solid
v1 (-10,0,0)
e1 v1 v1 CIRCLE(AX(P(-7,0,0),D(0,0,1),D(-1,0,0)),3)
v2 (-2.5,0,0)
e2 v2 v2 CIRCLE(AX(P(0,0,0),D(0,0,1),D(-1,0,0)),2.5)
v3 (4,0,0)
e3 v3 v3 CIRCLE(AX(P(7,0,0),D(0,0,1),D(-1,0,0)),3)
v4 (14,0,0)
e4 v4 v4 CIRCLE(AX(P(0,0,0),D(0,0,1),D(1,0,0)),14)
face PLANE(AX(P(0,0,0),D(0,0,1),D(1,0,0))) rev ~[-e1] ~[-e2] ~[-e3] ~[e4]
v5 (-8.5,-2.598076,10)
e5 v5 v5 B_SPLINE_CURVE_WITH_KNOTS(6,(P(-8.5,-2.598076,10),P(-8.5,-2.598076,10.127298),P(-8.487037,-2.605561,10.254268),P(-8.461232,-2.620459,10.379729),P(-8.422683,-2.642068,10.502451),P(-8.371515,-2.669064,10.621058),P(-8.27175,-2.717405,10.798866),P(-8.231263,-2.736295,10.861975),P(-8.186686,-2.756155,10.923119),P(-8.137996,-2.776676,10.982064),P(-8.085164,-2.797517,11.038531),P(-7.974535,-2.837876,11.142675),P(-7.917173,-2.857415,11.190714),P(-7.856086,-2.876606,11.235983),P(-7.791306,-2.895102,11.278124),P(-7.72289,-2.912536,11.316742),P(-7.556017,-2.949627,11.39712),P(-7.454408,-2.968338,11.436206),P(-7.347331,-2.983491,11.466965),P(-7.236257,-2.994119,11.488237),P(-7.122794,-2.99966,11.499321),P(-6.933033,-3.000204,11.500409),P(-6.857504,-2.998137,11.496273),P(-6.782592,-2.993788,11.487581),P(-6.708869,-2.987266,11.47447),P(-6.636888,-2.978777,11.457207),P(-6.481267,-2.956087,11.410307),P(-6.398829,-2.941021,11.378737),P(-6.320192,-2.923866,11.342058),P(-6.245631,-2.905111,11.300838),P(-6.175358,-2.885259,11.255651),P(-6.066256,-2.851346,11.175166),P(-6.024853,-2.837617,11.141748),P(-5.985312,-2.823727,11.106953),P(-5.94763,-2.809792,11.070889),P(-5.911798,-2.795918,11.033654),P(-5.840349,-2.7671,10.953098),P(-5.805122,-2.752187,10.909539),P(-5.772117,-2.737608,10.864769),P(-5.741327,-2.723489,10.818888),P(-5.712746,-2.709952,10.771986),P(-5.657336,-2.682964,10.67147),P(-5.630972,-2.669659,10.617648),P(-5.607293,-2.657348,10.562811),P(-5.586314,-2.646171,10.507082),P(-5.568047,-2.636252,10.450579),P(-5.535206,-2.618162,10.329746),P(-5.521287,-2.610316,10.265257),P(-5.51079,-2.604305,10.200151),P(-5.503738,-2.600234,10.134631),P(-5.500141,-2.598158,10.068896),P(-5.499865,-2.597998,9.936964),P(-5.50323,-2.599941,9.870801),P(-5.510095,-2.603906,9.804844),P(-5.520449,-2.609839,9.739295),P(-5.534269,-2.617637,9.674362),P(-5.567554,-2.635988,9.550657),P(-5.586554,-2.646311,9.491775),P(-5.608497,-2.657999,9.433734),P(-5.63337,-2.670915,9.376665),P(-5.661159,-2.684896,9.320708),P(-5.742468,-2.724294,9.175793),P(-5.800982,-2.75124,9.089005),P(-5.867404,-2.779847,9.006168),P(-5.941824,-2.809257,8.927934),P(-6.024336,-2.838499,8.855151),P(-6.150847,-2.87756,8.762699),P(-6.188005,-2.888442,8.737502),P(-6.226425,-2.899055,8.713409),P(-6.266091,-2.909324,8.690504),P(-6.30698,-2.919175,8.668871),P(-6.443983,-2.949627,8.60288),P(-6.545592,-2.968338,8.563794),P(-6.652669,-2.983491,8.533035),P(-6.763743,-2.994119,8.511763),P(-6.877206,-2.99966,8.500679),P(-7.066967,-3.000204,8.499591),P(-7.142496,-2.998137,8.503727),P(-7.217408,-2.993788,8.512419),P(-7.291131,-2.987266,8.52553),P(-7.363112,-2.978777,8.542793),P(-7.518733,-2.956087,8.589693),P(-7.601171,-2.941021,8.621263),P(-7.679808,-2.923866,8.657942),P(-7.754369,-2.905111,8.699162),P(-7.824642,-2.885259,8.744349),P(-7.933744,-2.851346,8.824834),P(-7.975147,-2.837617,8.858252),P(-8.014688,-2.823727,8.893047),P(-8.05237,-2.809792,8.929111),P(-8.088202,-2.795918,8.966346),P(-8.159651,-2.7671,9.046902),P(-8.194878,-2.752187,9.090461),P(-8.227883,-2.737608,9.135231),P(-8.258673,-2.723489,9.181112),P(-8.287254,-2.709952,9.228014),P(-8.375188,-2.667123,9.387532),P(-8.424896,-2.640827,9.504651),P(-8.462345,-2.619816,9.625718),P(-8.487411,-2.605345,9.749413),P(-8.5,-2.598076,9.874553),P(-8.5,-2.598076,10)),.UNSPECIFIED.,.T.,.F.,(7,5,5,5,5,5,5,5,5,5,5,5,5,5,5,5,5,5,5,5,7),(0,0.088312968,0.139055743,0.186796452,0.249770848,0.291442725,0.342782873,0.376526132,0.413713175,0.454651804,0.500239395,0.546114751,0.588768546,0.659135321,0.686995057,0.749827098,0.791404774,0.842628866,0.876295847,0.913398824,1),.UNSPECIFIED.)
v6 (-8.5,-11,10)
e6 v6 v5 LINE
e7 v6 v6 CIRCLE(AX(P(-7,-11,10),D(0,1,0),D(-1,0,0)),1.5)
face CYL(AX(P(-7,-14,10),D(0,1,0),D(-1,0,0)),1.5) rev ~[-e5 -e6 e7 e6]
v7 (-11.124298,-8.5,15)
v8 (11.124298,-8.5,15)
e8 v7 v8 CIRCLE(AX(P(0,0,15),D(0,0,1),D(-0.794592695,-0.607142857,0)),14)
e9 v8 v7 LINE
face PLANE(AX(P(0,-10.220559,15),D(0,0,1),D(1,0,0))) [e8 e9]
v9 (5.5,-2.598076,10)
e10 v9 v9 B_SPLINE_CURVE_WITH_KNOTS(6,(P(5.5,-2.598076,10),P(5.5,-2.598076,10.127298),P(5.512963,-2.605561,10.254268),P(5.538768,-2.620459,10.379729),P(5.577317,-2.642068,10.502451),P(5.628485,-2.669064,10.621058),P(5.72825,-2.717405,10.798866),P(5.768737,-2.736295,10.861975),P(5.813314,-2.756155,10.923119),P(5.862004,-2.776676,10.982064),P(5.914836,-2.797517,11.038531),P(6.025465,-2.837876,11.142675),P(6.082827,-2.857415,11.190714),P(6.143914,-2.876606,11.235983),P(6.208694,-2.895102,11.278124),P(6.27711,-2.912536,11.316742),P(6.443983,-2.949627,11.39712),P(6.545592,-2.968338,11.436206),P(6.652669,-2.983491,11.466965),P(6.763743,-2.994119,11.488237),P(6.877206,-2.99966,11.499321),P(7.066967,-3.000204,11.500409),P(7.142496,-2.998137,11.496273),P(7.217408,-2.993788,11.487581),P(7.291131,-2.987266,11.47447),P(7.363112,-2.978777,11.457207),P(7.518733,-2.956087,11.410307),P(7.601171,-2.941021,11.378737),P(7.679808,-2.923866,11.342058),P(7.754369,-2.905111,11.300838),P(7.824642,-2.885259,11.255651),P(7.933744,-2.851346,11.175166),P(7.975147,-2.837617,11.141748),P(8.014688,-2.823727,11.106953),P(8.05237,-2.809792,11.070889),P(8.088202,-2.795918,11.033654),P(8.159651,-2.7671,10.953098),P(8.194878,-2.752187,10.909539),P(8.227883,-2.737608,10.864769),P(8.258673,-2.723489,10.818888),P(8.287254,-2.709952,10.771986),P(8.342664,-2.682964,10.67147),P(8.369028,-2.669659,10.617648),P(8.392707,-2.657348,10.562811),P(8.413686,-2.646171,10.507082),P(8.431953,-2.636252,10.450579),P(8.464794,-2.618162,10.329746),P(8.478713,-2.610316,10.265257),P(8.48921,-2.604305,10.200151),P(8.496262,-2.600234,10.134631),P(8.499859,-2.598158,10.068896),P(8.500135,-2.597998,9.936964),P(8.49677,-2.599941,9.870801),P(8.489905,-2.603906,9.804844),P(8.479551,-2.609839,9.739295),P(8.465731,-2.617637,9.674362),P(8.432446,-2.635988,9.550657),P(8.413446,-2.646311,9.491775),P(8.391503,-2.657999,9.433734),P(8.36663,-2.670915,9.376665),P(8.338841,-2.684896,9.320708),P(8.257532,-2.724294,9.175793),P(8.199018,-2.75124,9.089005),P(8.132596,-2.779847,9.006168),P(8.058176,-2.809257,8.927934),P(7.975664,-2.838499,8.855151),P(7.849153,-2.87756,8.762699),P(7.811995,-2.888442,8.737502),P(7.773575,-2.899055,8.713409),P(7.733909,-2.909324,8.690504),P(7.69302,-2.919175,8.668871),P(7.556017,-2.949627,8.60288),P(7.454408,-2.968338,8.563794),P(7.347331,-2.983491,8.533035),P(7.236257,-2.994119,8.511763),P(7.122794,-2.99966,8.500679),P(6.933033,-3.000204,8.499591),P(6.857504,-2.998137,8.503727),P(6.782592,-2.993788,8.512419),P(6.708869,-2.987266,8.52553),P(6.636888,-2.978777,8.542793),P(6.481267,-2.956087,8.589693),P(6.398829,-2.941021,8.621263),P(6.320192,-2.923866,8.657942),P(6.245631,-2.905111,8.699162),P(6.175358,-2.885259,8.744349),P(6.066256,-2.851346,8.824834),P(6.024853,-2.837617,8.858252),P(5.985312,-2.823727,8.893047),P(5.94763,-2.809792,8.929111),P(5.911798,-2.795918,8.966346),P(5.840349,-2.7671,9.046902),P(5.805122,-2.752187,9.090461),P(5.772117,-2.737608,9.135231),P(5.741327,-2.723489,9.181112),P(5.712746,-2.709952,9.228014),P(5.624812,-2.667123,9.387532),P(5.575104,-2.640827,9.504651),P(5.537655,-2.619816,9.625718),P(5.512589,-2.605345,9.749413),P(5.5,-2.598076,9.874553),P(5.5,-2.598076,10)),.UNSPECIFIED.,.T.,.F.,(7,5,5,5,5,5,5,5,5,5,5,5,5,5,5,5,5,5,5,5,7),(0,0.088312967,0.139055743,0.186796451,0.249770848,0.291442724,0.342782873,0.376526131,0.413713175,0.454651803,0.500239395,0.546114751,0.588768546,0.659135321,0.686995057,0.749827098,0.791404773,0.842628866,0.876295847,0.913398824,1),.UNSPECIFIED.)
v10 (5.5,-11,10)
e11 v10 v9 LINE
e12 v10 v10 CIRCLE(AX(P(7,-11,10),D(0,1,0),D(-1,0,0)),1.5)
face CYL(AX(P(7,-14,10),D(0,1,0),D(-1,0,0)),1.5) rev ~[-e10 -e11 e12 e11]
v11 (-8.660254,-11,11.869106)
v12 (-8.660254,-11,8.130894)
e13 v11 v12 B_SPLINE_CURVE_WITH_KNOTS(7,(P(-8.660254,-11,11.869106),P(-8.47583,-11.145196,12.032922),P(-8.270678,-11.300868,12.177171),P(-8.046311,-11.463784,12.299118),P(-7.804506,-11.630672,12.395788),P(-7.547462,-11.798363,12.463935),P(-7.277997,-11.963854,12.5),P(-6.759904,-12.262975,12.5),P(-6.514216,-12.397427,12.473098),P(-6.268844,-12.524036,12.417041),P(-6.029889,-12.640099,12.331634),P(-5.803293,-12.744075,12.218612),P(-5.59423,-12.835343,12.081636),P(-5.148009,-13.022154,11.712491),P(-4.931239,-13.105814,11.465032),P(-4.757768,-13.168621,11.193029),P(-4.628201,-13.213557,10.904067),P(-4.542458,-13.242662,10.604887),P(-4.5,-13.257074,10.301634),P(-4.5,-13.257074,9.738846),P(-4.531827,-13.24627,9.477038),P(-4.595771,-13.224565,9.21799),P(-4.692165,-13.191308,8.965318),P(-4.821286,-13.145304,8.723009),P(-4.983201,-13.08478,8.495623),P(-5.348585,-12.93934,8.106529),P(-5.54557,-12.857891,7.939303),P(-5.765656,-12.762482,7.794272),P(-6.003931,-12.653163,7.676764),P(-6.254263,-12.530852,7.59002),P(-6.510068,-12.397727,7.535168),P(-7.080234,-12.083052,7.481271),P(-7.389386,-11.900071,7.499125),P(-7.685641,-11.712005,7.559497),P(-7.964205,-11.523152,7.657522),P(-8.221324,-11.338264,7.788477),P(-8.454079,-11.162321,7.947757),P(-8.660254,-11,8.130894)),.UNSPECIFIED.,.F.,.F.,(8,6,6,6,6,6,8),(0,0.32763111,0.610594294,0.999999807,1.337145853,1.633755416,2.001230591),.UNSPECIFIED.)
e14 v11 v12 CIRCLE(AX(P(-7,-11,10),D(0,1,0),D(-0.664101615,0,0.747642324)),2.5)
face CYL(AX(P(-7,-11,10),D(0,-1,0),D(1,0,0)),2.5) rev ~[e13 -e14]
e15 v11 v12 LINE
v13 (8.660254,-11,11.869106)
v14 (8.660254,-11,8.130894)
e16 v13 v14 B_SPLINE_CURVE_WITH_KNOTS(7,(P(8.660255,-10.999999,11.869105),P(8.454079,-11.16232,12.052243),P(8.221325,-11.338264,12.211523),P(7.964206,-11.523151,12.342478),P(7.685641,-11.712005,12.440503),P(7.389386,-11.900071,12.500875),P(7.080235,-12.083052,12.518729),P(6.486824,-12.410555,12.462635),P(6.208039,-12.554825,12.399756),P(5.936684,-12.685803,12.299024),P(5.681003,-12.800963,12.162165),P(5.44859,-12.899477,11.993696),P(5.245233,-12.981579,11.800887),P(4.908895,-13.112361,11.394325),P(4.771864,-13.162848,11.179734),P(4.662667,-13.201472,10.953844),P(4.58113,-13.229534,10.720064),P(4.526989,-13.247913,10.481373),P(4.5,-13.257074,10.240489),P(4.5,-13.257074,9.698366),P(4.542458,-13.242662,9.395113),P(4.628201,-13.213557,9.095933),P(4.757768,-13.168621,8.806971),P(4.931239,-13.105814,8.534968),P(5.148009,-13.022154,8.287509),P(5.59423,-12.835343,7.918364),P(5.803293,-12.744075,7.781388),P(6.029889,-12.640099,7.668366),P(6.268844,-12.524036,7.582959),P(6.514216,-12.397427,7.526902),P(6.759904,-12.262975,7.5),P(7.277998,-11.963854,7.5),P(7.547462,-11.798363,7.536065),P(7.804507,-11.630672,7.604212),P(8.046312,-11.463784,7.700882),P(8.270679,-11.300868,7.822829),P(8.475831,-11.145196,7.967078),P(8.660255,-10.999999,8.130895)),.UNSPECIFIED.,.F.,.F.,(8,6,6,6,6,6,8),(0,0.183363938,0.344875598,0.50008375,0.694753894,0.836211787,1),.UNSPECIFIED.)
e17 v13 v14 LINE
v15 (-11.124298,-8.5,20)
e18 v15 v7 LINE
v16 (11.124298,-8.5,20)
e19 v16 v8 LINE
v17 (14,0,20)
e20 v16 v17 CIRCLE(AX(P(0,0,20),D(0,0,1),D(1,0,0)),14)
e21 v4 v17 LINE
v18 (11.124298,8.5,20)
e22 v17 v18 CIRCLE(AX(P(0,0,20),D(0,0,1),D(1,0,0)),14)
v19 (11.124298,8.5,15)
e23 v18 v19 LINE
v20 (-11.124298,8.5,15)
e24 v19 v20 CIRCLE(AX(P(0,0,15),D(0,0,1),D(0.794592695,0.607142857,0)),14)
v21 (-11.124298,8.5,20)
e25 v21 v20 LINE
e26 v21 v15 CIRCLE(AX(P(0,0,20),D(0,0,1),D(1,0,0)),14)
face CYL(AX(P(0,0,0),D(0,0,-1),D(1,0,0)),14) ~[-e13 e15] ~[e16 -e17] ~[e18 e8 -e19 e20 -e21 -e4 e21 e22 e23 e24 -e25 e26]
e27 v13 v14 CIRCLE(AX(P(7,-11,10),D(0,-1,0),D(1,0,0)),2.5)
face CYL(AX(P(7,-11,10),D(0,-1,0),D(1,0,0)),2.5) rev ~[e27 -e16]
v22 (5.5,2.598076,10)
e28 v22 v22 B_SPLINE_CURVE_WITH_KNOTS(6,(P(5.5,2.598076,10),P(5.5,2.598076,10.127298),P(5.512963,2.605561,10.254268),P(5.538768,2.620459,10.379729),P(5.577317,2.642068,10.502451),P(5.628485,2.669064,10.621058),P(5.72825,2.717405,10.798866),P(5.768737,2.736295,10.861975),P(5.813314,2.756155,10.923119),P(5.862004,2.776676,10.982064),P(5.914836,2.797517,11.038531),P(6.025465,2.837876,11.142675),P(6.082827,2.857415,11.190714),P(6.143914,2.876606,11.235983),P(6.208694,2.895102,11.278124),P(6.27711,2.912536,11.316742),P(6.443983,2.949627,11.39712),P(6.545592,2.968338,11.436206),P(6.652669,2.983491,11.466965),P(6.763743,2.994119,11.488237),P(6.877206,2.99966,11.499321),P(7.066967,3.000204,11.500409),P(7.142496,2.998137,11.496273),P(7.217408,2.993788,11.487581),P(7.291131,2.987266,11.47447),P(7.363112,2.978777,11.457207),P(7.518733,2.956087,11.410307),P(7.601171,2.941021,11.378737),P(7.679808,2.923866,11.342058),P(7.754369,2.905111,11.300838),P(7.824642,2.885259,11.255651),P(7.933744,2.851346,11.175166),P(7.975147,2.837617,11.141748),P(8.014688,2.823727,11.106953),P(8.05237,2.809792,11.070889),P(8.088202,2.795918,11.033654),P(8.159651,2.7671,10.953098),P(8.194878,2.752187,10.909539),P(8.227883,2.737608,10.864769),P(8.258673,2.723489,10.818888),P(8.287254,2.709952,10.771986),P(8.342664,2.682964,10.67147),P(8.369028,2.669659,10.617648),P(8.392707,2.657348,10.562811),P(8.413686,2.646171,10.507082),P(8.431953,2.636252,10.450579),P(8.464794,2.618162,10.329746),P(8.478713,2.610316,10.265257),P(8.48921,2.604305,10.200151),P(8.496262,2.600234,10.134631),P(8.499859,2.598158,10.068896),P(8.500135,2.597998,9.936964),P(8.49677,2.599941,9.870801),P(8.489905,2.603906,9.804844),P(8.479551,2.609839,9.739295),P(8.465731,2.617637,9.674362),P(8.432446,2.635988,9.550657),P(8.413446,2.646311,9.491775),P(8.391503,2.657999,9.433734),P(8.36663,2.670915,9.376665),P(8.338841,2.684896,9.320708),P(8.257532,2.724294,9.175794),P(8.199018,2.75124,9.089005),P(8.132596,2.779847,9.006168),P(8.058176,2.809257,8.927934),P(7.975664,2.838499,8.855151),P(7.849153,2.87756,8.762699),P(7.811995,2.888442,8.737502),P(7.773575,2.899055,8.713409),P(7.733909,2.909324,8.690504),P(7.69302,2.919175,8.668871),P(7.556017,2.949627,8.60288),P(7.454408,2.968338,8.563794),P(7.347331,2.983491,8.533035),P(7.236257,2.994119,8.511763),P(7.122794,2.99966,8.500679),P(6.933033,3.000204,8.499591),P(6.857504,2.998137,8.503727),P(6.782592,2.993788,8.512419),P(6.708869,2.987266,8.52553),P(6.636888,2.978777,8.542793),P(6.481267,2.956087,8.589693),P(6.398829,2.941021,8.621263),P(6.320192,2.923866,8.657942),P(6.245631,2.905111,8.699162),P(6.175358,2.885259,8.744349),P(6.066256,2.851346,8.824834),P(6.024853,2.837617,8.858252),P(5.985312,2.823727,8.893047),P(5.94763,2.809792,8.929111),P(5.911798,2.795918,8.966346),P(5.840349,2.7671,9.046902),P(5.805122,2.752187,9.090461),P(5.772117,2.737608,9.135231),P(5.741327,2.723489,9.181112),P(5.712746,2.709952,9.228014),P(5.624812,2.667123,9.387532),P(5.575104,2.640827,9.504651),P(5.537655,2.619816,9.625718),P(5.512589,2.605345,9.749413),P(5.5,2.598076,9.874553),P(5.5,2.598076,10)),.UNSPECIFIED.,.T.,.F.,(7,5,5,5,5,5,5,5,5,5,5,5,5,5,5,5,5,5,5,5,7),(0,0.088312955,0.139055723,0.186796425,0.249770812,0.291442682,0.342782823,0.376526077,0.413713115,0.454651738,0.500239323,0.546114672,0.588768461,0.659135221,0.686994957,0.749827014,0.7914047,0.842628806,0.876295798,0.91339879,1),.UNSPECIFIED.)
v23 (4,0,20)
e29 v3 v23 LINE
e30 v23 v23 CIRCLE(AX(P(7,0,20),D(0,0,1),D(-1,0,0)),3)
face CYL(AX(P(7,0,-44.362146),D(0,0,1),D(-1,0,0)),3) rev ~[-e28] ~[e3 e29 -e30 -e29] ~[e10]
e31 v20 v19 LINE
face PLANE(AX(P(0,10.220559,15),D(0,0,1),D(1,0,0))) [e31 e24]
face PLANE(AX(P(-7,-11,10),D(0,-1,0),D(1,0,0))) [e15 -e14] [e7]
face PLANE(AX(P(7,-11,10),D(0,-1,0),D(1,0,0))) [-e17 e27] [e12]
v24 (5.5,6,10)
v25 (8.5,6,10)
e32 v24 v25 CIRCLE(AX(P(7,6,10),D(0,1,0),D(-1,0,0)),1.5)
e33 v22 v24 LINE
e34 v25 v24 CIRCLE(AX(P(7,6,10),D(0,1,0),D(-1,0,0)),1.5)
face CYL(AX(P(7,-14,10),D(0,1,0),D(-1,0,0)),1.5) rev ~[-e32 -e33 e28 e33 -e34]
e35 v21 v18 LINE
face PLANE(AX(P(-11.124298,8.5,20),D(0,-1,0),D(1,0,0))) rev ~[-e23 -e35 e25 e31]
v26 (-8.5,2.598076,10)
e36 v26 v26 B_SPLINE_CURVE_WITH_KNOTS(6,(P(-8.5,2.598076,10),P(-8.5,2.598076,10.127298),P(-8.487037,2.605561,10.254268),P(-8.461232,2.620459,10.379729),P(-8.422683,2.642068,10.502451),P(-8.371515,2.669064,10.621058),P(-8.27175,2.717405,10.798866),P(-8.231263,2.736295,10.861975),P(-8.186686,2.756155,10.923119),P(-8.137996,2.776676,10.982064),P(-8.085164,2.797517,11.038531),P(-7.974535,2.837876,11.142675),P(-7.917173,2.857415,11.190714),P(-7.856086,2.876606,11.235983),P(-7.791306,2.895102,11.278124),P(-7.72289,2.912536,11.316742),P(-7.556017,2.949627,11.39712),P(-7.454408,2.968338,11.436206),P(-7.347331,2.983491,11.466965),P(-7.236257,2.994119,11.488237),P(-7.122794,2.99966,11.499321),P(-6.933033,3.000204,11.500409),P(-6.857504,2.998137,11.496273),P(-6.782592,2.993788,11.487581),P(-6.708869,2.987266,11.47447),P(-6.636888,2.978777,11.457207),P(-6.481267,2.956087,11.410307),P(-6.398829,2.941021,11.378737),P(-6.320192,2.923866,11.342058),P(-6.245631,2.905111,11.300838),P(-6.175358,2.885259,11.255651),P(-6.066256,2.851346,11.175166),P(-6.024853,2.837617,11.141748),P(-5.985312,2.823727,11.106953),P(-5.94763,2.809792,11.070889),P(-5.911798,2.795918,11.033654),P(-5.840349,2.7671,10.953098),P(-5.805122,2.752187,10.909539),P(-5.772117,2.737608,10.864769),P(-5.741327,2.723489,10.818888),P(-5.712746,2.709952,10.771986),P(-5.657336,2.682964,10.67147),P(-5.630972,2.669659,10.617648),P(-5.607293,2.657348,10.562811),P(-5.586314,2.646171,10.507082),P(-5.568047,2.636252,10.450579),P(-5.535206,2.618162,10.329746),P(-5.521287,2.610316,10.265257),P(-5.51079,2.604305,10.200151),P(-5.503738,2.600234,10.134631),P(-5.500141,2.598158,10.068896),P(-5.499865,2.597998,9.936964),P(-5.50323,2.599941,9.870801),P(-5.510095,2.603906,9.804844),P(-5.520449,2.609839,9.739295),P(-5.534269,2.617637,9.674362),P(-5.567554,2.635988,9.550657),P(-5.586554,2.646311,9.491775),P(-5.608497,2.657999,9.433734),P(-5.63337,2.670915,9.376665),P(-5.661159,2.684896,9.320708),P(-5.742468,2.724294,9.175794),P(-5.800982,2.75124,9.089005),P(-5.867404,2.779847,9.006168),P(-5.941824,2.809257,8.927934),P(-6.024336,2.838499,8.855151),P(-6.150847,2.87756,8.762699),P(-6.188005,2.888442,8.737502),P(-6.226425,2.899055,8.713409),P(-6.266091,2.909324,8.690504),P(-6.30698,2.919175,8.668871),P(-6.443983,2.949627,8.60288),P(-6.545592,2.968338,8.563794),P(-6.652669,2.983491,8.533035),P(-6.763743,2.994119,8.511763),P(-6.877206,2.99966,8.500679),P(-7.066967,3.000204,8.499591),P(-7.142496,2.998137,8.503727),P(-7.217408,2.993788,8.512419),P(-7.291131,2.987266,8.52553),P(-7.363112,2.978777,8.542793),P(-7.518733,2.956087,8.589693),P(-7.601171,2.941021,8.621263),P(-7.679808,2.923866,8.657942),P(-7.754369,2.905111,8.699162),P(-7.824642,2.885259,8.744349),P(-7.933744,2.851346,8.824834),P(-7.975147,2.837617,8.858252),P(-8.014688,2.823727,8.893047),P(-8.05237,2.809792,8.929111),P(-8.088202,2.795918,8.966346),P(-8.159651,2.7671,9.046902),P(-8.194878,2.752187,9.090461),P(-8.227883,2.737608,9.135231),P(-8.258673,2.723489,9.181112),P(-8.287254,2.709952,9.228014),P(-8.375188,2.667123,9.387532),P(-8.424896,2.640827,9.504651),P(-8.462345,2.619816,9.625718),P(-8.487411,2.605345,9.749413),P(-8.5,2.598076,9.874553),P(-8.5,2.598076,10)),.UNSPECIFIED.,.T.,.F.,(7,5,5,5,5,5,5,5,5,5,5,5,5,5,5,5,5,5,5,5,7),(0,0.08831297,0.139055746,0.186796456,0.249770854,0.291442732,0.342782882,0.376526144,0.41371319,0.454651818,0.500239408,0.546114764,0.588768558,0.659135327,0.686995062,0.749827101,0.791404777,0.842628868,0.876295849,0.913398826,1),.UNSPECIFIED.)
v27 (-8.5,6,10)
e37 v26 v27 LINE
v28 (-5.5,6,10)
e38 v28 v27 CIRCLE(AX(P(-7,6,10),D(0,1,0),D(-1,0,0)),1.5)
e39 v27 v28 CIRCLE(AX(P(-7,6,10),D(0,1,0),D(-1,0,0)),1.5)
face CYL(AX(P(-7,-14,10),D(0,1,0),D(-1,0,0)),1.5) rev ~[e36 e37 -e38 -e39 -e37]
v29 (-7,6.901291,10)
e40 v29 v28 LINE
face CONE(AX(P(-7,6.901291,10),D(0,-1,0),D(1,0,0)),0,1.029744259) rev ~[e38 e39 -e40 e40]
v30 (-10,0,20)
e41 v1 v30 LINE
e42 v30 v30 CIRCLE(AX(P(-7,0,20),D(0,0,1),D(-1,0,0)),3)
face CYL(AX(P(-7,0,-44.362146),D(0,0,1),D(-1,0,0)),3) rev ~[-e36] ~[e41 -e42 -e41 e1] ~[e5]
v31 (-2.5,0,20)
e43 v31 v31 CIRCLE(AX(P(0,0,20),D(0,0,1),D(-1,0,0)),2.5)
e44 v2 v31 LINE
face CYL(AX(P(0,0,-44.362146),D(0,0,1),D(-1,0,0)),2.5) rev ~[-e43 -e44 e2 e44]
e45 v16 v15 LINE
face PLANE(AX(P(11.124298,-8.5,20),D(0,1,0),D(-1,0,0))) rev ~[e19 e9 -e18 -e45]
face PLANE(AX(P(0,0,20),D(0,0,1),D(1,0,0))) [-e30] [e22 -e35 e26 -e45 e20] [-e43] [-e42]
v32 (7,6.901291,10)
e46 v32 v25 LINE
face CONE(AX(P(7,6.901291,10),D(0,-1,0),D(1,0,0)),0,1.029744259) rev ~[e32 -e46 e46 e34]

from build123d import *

# Parameters (mm, degrees)
F0_R           = 14
F0_R_2         = 3
F0_R_3         = 1
F1_DEPTH       = 20
F2_D           = 6
F5_D           = 3
F5_DEPTH       = 20
F5_CBORE_D     = 5
F5_CBORE_DEPTH = 3
F5_TIP         = 0.9012909285
F7_DEPTH       = 5
F8_D           = 5


with BuildPart() as f1:
    # F0 (on Top) → F1 (new body)
    with BuildSketch(Plane.XY):
        Circle(F0_R)
        with Locations((-7, 0)):
            Circle(F0_R_2, mode=Mode.SUBTRACT)
        Circle(F0_R_2, mode=Mode.SUBTRACT)
        with Locations((0, 5)):
            Circle(F0_R_3, mode=Mode.SUBTRACT)
        with Locations((7, 0)):
            Circle(F0_R_2, mode=Mode.SUBTRACT)
        with Locations((-7, 0)):
            Circle(F0_R_2)
        Circle(F0_R_2)
        with Locations((7, 0)):
            Circle(F0_R_2)
        with Locations((0, 5)):
            Circle(F0_R_3)
    extrude(amount=F1_DEPTH)

    # F2 (through all)
    with Locations(Plane(origin=(0, 0, 0), x_dir=(1, 0, 0), z_dir=(0, 0, -1))):
        with Locations((-7, 0), (7, 0)):
            Hole(F2_D / 2)

    # F5
    with Locations(Plane.XZ.offset(14)):
        with Locations((-7, 10), (7, 10)):
            CounterBoreHole(F5_D / 2, F5_CBORE_D / 2, F5_CBORE_DEPTH, depth=F5_DEPTH)
            with Locations((0, 0, -(F5_DEPTH + F5_TIP / 2))):  # 118° drill point
                Cone(0, F5_D / 2, F5_TIP, mode=Mode.SUBTRACT)

    # F6 (on face) → F7 (cut)
    with BuildSketch(Plane.XY.offset(20)):
        with BuildLine():
            Line((-11.1242977306, 8.5), (11.1242977306, 8.5))
            ThreePointArc((11.1242977306, 8.5), (0, 14), (-11.1242977306, 8.5))
        make_face()
        with BuildLine():
            ThreePointArc((-11.1242977306, -8.5), (0, -14), (11.1242977306, -8.5))
            Line((11.1242977306, -8.5), (-11.1242977306, -8.5))
        make_face()
    extrude(amount=-F7_DEPTH, mode=Mode.SUBTRACT)

    # F8 (through all)
    with Locations(Plane(origin=(0, 0, 0), x_dir=(1, 0, 0), z_dir=(0, 0, -1))):
        with Locations((0, 0)):
            Hole(F8_D / 2)


solid = f1.part
